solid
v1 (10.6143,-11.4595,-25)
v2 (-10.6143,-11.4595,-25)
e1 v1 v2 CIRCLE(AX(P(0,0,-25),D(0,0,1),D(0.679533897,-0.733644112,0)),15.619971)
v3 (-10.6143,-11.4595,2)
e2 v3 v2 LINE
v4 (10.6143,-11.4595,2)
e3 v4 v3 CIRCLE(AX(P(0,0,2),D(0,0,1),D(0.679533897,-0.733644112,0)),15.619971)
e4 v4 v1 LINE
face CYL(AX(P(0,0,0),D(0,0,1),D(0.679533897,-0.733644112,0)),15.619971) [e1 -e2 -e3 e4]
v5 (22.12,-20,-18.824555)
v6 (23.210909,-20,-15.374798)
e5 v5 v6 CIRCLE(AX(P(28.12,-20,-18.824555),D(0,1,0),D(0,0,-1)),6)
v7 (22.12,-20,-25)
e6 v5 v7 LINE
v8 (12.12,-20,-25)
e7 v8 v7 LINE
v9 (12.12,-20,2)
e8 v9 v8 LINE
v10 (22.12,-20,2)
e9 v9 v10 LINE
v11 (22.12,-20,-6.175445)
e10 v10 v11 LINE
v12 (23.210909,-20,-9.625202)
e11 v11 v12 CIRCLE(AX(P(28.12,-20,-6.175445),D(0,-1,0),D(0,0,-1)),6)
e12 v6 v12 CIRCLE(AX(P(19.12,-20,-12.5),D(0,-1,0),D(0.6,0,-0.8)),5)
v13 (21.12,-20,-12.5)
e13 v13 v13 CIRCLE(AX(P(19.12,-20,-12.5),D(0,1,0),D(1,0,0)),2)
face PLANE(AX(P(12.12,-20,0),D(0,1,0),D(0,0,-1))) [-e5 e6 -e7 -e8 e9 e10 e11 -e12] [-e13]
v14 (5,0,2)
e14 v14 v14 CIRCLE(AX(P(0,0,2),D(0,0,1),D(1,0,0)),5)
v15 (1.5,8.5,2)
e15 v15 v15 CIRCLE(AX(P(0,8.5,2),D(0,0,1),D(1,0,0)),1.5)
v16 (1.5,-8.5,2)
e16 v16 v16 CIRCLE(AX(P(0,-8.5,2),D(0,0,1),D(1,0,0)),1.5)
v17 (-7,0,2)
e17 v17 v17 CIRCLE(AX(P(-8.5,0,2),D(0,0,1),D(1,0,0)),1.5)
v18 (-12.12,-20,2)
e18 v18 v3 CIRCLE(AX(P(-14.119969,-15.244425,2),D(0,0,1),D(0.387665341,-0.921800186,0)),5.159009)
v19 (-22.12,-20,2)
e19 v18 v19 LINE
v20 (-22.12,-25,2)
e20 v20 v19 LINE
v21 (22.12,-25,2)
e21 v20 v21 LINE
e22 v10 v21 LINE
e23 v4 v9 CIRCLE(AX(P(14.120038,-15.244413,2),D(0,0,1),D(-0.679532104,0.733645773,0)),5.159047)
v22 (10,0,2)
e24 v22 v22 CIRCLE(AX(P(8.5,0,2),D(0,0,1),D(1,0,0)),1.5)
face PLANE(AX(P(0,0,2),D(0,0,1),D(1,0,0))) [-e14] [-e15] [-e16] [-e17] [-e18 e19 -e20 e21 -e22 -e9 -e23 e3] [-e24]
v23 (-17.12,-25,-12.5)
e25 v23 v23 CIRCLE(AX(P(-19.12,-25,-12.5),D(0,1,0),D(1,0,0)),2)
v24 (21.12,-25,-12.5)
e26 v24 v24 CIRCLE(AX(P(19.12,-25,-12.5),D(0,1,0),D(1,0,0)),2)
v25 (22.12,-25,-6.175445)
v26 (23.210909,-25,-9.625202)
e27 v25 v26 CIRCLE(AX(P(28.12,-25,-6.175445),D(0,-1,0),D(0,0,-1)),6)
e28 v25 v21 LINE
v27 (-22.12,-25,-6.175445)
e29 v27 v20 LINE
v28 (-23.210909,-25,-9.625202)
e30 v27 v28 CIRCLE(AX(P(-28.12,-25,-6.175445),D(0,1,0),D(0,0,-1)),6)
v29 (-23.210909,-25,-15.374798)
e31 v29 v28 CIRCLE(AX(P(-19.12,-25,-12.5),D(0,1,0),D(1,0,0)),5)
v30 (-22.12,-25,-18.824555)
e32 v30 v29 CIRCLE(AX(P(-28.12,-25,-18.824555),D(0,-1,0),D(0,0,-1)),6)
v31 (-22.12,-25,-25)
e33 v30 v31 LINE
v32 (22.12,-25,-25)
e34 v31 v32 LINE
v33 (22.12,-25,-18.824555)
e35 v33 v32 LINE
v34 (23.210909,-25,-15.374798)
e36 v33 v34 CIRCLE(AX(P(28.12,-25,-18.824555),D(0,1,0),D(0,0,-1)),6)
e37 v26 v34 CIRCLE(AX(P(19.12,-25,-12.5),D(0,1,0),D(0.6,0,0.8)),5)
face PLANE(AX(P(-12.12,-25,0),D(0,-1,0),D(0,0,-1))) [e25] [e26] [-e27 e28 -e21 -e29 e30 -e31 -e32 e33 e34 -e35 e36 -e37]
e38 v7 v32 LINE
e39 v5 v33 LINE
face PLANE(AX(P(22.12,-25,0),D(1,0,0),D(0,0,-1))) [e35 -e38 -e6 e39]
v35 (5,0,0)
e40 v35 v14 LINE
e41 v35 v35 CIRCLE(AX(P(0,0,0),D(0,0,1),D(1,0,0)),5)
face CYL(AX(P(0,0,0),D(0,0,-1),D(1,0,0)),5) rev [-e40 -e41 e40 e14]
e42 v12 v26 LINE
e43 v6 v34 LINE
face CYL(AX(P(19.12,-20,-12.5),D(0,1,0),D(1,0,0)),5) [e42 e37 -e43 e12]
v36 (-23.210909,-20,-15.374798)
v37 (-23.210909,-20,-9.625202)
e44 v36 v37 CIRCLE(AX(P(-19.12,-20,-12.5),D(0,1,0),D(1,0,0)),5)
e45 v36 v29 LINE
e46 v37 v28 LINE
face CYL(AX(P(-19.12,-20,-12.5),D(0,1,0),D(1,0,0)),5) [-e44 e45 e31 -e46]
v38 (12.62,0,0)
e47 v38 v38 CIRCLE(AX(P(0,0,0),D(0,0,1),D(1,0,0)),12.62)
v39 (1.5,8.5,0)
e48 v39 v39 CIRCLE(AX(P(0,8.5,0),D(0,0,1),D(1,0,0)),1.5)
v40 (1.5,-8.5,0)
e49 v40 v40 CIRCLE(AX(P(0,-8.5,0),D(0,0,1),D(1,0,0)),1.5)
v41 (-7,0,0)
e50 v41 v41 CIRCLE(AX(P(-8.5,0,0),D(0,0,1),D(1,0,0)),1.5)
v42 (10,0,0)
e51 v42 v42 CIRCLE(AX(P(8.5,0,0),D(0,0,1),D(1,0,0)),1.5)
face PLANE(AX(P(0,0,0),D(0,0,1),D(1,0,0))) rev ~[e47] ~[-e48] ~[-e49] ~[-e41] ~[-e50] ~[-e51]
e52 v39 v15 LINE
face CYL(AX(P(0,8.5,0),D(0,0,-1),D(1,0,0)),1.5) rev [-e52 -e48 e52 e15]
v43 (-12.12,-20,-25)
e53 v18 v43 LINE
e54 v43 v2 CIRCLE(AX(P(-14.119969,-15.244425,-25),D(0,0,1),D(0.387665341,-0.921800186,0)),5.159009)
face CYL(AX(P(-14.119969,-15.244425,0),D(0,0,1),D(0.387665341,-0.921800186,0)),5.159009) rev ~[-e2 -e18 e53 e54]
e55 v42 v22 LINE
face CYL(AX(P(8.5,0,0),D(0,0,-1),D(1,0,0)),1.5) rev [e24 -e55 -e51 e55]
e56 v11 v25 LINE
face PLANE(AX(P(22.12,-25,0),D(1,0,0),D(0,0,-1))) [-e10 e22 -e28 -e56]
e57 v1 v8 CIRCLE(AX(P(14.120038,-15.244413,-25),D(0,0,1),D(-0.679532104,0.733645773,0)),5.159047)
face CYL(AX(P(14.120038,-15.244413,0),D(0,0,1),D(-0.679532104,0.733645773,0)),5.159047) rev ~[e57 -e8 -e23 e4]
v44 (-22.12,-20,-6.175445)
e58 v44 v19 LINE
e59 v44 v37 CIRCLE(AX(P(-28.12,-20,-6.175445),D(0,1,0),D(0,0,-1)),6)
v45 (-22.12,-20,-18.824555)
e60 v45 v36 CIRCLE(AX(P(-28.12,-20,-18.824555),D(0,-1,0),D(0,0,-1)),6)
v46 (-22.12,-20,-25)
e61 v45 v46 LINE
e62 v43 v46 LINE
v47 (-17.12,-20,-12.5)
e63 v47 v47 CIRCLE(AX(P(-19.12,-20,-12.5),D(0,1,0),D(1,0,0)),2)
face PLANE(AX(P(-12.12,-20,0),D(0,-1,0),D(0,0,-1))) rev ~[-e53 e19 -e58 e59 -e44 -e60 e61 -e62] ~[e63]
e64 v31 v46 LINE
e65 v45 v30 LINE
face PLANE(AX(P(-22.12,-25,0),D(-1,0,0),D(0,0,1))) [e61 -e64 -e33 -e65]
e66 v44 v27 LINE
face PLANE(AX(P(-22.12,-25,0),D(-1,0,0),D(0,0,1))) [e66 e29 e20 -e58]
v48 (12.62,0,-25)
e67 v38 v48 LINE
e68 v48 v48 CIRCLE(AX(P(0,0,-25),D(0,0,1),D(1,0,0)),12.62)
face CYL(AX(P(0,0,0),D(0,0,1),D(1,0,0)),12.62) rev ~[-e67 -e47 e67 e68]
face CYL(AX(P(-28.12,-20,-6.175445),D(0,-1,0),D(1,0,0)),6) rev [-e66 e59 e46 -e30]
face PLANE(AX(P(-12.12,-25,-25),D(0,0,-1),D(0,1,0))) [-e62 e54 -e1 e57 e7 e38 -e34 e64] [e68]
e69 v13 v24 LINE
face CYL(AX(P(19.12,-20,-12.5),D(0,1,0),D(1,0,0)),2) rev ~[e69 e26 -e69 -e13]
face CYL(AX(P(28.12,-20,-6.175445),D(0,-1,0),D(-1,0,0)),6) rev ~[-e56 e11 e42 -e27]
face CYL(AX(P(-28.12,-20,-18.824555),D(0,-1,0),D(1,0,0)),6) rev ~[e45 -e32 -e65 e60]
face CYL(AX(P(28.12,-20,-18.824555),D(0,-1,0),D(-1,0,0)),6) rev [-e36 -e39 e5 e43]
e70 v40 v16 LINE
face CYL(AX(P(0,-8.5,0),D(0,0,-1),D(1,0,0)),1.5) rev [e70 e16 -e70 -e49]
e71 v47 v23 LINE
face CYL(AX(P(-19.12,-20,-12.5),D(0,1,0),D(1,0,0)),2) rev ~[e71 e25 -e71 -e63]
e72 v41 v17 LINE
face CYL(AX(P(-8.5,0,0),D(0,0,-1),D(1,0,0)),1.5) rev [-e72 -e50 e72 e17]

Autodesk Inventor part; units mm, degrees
ref_plane "YZ Plane" through (0, 0, 0) normal (1, 0, 0) x (0, 1, 0)
ref_plane "XZ Plane" through (0, 0, 0) normal (0, 1, 0) x (-1, 0, 0)
ref_plane "XY Plane" through (0, 0, 0) normal (0, 0, 1) x (1, 0, 0)
sketch "Sketch1" plane through (0, 0, 0) normal (0, 0, 1) x (1, 0, 0)
  circle A0 centre (0, 0) radius 12.12 projected
  circle A1 centre (0, 0) radius 12.62
  arc A2 (10.6143, -11.4595) -> (-10.6143, -11.4595) centre (0, 0) ccw
  line L0 (-12.12, -25) -> (12.12, -25)
  line L1 (12.12, 0) -> (12.12, -25.5944) construction
  line L2 (-12.12, 0) -> (-12.12, -25) construction
  line L3 (-12.12, -25) -> (12.12, -25)
  line L4 (12.12, -25) -> (12.12, -20)
  line L5 (12.12, -20) -> (-12.12, -20)
  line L6 (-12.12, -20) -> (-12.12, -25)
  arc A3 (-12.12, -20) -> (-10.6143, -11.4595) centre (-14.12, -15.2444) ccw
  line L7 (0, 0) -> (0, 15.62) construction
  arc A4 (10.6143, -11.4595) -> (12.12, -20) centre (14.12, -15.2444) ccw
  point P0 (12.12, -25)
  dimension "d0" = 0.5
  dimension "d1" = 3
  dimension "d2" = 25
  dimension "d3" = 5
  dimension "d4" = 2
extrude "Extrusion1" add sketch "Sketch1" against normal blind 25 contours A4 L5 A3 A2 | L4 L0 L6 L5
sketch "Sketch2" plane through (12.12, -25, 0) normal (1, 0, 0) x (0, 0, -1)
  line L0 (0, 0) -> (0, 5) projected
  line L1 (0, 0) -> (25, 0) projected
  line L2 (25, 5) -> (25, 0) projected
  line L3 (0, 5) -> (25, 5) projected
  point P0 (0, 25)
extrude "Extrusion2" add sketch "Sketch2" along normal blind 10
sketch "Sketch3" plane through (-12.12, -25, 0) normal (-1, 0, 0) x (0, 0, 1)
  line L0 (0, 5) -> (0, 0) projected
  line L1 (0, 5) -> (-25, 5) projected
  line L2 (-25, 0) -> (-25, 5) projected
  line L3 (0, 0) -> (-25, 0) projected
  point P0 (0, 25)
extrude "Extrusion3" add sketch "Sketch3" along normal blind 10
sketch "Sketch4" plane through (12.12, -20, 0) normal (0, 1, 0) x (1, 0, 0)
  circle A0 centre (7, 12.5) radius 2
  circle A1 centre (-31.24, 12.5) radius 2
  line L0 (7, 12.5) -> (-31.24, 12.5) construction
  line L1 (10, 25) -> (10, 0) projected
  line L2 (7, 12.5) -> (10, 12.5) construction
  line L3 (10, 0) -> (10, 25) projected
  line L4 (-34.24, 0) -> (-34.24, 25) projected
  circle A2 centre (7, 12.5) radius 5
  circle A3 centre (-31.24, 12.5) radius 5
  point P0 (-12.12, 0)
  point P1 (-34.24, 16.5)
  point P2 (-34.24, 8.5)
  point P3 (10, 16.5)
  point P4 (10, 8.5)
  dimension "d11" = 4
  dimension "d12" = 4
  dimension "d13" = 3
  dimension "d14" = 3
  dimension "d17" = 10
  dimension "d18" = 10
extrude "Extrusion4" cut sketch "Sketch4" against normal through all contours A0 | A1
extrude "Extrusion5" add sketch "Sketch4" against normal up to surface (5 mm away) contours A2 L1 | A3 L4 picked at (10.2796, 11.4321) picked at (-35.0103, 13.5108)
fillet "Fillet1" radius 6 4 edges at (22.12, -22.5, -8.5) (22.12, -22.5, -16.5) (-22.12, -22.5, -8.5) (-22.12, -22.5, -16.5)
sketch "Sketch5" plane through (0, 0, 0) normal (0, 0, 1) x (1, 0, 0)
  arc A0 (10.6143, -11.4595) -> (-10.6143, -11.4595) centre (0, 0) ccw projected
  arc A1 (-12.12, -20) -> (-10.6143, -11.4595) centre (-14.12, -15.2444) ccw projected
  line L0 (-12.12, -20) -> (-22.12, -20) projected
  line L1 (-22.12, -25) -> (-22.12, -20) projected
  line L2 (-22.12, -25) -> (22.12, -25) projected
  line L3 (22.12, -20) -> (22.12, -25) projected
  line L4 (12.12, -20) -> (22.12, -20) projected
  arc A2 (10.6143, -11.4595) -> (12.12, -20) centre (14.12, -15.2444) ccw projected
  circle A3 centre (0, 0) radius 12.62 projected
  circle A4 centre (0, 0) radius 8.5 construction
  circle A5 centre (0, 8.5) radius 1.5
  line L5 (0, 0) -> (0, 8.5) construction
  circle A6 centre (-8.5, 0) radius 1.5
  circle A7 centre (0, -8.5) radius 1.5
  circle A8 centre (8.5, 0) radius 1.5
  circle A9 centre (0, 0) radius 5
  dimension "d22" = 17
  dimension "d23" = 3
  dimension "d26" = 360
  dimension "d28" = 10
extrude "Extrusion6" add sketch "Sketch5" along normal blind 2 contours A2 L4 L3 L2 L1 L0 A1 A0 | A3
equation "\"d1\" = TB"
equation "\"d2\" = HSE"
equation "\"d5\" = PB"
equation "\"DER\" = 22"
equation "\"HR\" = 7"
equation "\"DIR\" = 8"
equation "\"DEM\" = 4"
equation "\"Dmarc\" = 17.5"
equation "\"Bsm\" = 22.5"
equation "\"Hsm\" = 12"
equation "\"Lsm\" = 21"
equation "\"Dsc\" = 5"
equation "\"RC\" = 7"
equation "\"TB\" = 3"
equation "\"HSE\" = 25"
equation "\"PB\" = 25"
equation "\"LMaSP\" = 46.5"
properties part number "BaseM1"
